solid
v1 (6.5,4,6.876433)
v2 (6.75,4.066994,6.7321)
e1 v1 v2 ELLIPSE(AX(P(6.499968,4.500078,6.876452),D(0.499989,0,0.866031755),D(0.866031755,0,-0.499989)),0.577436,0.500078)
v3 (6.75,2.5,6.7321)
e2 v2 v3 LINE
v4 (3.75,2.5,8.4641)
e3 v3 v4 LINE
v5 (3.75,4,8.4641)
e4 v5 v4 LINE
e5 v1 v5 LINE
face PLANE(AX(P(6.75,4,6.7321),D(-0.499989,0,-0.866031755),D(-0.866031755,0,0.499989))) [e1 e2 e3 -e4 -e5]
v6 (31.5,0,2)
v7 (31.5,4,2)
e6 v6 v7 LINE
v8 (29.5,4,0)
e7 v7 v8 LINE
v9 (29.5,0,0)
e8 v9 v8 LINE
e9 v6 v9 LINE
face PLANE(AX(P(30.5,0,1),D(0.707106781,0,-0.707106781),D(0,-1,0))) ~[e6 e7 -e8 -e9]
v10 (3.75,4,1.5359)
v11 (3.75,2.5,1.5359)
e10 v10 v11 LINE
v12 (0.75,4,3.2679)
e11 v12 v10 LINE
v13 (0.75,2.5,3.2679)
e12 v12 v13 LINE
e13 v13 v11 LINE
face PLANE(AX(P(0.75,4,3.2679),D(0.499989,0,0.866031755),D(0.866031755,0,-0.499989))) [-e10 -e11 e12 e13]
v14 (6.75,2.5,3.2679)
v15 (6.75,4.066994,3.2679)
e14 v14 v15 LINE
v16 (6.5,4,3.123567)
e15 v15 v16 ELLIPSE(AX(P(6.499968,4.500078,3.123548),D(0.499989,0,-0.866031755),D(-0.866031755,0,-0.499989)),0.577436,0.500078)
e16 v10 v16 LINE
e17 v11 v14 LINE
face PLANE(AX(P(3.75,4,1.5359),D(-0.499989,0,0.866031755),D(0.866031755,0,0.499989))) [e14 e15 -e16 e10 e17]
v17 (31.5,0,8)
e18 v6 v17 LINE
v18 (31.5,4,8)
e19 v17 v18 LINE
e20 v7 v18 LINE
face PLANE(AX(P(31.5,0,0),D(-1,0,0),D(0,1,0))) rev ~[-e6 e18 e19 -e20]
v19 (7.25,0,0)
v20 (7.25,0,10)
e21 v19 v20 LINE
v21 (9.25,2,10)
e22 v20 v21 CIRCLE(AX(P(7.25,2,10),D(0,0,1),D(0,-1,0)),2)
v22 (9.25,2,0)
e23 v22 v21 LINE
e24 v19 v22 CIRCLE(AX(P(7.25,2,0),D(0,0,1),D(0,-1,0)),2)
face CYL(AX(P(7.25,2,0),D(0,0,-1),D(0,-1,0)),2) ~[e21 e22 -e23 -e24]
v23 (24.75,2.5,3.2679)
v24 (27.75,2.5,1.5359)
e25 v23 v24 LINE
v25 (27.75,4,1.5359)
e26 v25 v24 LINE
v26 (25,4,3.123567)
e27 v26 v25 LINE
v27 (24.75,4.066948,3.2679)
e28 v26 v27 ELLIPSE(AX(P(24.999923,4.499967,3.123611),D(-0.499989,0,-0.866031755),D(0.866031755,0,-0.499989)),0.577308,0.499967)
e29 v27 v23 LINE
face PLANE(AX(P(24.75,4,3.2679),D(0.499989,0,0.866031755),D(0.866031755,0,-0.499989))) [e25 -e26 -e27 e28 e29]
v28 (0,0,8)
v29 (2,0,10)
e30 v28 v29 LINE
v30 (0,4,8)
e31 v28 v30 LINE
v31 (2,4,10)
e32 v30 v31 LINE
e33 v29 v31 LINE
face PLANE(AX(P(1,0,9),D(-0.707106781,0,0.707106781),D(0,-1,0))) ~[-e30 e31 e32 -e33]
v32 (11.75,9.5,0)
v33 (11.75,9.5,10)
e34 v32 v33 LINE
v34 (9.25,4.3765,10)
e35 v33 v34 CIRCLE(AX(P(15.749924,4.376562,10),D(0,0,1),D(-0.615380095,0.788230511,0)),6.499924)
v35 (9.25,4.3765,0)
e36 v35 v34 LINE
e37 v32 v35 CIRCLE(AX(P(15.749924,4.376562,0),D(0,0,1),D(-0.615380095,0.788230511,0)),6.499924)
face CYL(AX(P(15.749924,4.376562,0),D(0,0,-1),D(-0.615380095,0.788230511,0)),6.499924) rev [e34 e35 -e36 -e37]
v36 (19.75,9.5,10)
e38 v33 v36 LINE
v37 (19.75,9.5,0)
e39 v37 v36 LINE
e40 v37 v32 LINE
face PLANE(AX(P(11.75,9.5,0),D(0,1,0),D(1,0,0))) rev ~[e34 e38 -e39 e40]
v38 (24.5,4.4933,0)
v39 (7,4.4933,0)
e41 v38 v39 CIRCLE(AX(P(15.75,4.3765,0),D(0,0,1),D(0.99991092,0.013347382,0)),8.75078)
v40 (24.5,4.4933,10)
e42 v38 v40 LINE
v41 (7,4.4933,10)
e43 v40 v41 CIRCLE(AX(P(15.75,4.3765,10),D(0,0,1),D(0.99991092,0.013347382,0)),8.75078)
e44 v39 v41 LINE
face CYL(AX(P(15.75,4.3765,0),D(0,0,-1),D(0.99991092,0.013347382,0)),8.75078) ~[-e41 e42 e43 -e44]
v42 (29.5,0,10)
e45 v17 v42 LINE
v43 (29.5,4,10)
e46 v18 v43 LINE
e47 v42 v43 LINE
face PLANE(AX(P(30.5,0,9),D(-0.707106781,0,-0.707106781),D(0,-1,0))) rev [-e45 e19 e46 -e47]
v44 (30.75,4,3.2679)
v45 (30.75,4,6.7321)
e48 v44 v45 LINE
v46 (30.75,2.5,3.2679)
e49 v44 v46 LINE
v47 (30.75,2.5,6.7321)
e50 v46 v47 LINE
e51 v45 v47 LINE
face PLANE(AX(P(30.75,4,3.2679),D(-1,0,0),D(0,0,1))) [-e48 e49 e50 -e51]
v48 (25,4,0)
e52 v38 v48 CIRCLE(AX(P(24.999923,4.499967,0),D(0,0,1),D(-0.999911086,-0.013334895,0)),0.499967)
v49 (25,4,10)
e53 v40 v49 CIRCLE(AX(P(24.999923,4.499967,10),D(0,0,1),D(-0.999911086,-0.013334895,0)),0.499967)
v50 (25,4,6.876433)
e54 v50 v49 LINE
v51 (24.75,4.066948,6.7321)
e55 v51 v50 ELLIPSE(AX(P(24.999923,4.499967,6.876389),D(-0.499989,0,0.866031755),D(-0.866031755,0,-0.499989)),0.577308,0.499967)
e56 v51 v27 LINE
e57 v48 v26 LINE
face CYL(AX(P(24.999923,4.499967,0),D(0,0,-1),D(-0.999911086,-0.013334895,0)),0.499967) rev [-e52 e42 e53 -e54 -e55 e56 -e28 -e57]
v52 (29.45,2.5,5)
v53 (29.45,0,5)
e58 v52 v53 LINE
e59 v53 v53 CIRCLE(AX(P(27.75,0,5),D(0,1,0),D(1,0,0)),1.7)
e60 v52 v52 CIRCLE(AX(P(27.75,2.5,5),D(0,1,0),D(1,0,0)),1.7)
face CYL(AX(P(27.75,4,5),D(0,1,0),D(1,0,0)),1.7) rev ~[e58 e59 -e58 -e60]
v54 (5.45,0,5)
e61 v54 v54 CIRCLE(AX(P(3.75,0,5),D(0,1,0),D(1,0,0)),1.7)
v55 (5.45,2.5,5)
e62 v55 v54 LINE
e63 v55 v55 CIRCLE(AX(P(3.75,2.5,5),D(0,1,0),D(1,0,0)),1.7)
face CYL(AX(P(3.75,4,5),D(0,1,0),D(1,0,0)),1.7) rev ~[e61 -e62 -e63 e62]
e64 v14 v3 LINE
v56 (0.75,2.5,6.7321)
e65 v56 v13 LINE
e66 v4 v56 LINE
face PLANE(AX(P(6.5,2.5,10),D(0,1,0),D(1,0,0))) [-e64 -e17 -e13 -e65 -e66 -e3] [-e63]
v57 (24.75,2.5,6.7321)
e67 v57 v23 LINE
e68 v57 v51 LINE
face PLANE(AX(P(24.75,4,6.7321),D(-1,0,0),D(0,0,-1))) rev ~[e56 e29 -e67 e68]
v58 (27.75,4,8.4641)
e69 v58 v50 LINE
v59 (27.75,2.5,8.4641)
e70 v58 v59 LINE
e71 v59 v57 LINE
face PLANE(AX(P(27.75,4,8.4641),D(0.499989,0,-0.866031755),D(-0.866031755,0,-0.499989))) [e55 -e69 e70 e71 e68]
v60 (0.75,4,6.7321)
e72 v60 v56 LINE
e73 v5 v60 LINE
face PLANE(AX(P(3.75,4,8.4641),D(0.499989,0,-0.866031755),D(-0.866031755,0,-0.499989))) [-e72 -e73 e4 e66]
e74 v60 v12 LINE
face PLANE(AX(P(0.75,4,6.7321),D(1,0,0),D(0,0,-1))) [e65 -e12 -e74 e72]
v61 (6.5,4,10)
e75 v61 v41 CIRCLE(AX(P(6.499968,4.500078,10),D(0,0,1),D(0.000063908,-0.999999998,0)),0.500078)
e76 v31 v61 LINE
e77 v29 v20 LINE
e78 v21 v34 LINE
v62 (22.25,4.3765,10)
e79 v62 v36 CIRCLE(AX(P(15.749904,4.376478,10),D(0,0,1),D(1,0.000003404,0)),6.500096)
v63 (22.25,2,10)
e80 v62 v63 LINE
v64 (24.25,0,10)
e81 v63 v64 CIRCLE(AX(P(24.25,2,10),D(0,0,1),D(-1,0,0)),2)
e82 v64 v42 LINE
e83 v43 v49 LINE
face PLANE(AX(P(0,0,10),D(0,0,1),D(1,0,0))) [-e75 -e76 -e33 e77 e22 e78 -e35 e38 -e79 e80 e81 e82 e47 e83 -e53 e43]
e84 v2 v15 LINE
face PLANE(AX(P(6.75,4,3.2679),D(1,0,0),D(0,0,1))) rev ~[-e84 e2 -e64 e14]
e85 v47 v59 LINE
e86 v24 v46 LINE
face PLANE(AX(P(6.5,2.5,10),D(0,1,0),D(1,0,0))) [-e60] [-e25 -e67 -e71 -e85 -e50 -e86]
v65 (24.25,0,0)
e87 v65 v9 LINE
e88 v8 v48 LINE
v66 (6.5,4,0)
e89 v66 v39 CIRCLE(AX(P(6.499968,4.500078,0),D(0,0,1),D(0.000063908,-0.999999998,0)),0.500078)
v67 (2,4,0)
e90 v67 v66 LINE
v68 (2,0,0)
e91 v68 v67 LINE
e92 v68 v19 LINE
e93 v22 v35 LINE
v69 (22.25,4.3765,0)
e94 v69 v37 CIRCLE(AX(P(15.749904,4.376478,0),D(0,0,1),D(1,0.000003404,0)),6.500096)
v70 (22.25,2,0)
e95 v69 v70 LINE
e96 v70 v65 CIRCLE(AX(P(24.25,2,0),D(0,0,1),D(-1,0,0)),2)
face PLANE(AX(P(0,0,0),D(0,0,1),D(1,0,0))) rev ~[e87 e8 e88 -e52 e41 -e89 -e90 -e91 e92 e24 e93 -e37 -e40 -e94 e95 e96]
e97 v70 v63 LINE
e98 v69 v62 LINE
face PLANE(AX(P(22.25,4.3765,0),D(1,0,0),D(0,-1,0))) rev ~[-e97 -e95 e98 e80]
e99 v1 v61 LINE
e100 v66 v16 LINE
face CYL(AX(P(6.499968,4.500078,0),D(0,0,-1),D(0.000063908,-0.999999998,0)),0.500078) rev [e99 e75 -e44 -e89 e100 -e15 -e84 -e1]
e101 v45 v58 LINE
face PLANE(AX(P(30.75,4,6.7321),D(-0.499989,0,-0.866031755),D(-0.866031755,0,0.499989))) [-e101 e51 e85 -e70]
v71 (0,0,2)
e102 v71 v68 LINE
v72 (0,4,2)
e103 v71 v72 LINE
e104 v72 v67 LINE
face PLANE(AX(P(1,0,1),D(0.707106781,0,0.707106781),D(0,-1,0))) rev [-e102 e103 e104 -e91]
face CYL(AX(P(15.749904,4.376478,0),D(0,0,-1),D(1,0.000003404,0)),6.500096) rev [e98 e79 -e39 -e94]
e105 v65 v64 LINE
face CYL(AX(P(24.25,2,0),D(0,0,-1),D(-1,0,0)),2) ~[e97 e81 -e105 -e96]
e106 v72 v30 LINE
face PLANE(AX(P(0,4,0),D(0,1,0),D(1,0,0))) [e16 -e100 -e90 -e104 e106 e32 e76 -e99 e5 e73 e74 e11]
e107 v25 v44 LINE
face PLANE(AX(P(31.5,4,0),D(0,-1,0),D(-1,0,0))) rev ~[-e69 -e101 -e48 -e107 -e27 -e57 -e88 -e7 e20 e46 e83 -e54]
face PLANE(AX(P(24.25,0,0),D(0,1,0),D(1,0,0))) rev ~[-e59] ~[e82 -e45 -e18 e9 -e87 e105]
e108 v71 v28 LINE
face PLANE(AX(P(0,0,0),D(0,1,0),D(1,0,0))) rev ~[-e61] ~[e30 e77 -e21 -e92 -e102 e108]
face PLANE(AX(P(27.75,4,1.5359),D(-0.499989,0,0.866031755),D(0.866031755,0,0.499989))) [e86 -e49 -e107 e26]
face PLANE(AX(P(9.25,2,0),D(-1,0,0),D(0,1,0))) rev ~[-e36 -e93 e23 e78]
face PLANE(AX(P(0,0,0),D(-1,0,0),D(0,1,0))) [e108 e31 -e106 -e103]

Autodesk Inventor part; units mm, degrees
ref_plane "YZ Plane" through (0, 0, 0) normal (1, 0, 0) x (0, 1, 0)
ref_plane "XZ Plane" through (0, 0, 0) normal (0, 1, 0) x (-1, 0, 0)
ref_plane "XY Plane" through (0, 0, 0) normal (0, 0, 1) x (1, 0, 0)
sketch "Sketch1" plane through (0, 0, 0) normal (0, 0, 1) x (1, 0, 0)
  line L0 (0, 0) -> (7.25, 0)
  line L1 (0, 0) -> (0, 4)
  line L2 (0, 4) -> (6.5, 4)
  line L3 (9.25, 2) -> (9.25, 4.3765)
  arc A0 (11.75, 9.5) -> (9.25, 4.3765) centre (15.75, 4.3765) ccw
  arc A1 (7.25, 0) -> (9.25, 2) centre (7.25, 2) ccw
  line L4 (3.4828, -0.5) -> (32.44, -0.5) construction
  arc A2 (6.5, 4) -> (7, 4.4933) centre (6.5, 4.5) ccw
  line L5 (11.75, 9.5) -> (15.75, 9.5)
  line L6 (15.75, 9.5) -> (15.75, 6.4102) construction
  line L7 (15.75, 9.5) -> (19.75, 9.5)
  arc A3 (22.25, 4.3765) -> (19.75, 9.5) centre (15.75, 4.3765) ccw
  line L8 (22.25, 4.3765) -> (22.25, 2)
  arc A4 (22.25, 2) -> (24.25, 0) centre (24.25, 2) ccw
  line L9 (24.25, 0) -> (31.5, 0)
  line L10 (31.5, 0) -> (31.5, 4)
  line L11 (31.5, 4) -> (25, 4)
  arc A5 (24.5, 4.4933) -> (25, 4) centre (25, 4.5) ccw
  arc A6 (24.5, 4.4933) -> (7, 4.4933) centre (15.75, 4.3765) ccw
  line L12 (3.25, 4) -> (3.25, 2) construction
  line L13 (28.25, 4) -> (28.25, 2.1903) construction
  point P0 (6.9889, 4)
  dimension "d0" = 4
  dimension "d4" = 2
  dimension "d6" = 6.5
  dimension "d7" = 0.5
  dimension "d9" = 0.5
  dimension "d10" = 4
  dimension "d11" = 6.5
  dimension "d12" = 6.5
  dimension "d13" = 10
  dimension "d14" = 25
extrude "Extrusion1" add sketch "Sketch1" along normal blind 10
chamfer "Chamfer1" distance 2 angle 45 4 edges at (0, 2, 10) (0, 2, 0) (31.5, 2, 10) (31.5, 2, 0)
sketch "Sketch2" plane through (6.5, 4, 10) normal (0, 1, 0) x (1, 0, 0)
  line L0 (-6.5, 8) -> (-6.5, 2) projected
  line L1 (-6.5, 5) -> (25, 5) construction
  line L2 (25, 8) -> (25, 2) projected
  circle A0 centre (-2.75, 5) radius 3.75 construction
  circle A1 centre (21.25, 5) radius 3.75 construction
  circle A2 centre (-2.75, 5) radius 1.7
  circle A3 centre (21.25, 5) radius 1.7
  line L3 (-2.75, 8.4641) -> (0.25, 6.7321)
  line L4 (0.25, 6.7321) -> (0.25, 3.2679)
  line L5 (0.25, 3.2679) -> (-2.75, 1.5359)
  line L6 (-2.75, 1.5359) -> (-5.75, 3.2679)
  line L7 (-5.75, 3.2679) -> (-5.75, 6.7321)
  line L8 (-5.75, 6.7321) -> (-2.75, 8.4641)
  line L9 (21.25, 8.4641) -> (24.25, 6.7321)
  line L10 (24.25, 6.7321) -> (24.25, 3.2679)
  line L11 (24.25, 3.2679) -> (21.25, 1.5359)
  line L12 (21.25, 1.5359) -> (18.25, 3.2679)
  line L13 (18.25, 3.2679) -> (18.25, 6.7321)
  line L14 (18.25, 6.7321) -> (21.25, 8.4641)
  point P0 (-6.5, 10)
  dimension "d20" = 24
  dimension "d21" = 3.4
  dimension "d22" = 6
extrude "Extrusion2" cut sketch "Sketch2" along normal blind 10 contours A2 | A3 | L3 L4 L5 L6 L7 L8 | L9 L10 L11 L12 L13 L14
extrude "Extrusion3" cut sketch "Sketch2" against normal through all contours A2 | A3
extrude "Extrusion4" cut sketch "Sketch2" against normal blind 1.5 contours A2 | A3 | L3 L4 L5 L6 L7 L8 | L9 L10 L11 L12 L13 L14
properties part number "motor-clamp"
